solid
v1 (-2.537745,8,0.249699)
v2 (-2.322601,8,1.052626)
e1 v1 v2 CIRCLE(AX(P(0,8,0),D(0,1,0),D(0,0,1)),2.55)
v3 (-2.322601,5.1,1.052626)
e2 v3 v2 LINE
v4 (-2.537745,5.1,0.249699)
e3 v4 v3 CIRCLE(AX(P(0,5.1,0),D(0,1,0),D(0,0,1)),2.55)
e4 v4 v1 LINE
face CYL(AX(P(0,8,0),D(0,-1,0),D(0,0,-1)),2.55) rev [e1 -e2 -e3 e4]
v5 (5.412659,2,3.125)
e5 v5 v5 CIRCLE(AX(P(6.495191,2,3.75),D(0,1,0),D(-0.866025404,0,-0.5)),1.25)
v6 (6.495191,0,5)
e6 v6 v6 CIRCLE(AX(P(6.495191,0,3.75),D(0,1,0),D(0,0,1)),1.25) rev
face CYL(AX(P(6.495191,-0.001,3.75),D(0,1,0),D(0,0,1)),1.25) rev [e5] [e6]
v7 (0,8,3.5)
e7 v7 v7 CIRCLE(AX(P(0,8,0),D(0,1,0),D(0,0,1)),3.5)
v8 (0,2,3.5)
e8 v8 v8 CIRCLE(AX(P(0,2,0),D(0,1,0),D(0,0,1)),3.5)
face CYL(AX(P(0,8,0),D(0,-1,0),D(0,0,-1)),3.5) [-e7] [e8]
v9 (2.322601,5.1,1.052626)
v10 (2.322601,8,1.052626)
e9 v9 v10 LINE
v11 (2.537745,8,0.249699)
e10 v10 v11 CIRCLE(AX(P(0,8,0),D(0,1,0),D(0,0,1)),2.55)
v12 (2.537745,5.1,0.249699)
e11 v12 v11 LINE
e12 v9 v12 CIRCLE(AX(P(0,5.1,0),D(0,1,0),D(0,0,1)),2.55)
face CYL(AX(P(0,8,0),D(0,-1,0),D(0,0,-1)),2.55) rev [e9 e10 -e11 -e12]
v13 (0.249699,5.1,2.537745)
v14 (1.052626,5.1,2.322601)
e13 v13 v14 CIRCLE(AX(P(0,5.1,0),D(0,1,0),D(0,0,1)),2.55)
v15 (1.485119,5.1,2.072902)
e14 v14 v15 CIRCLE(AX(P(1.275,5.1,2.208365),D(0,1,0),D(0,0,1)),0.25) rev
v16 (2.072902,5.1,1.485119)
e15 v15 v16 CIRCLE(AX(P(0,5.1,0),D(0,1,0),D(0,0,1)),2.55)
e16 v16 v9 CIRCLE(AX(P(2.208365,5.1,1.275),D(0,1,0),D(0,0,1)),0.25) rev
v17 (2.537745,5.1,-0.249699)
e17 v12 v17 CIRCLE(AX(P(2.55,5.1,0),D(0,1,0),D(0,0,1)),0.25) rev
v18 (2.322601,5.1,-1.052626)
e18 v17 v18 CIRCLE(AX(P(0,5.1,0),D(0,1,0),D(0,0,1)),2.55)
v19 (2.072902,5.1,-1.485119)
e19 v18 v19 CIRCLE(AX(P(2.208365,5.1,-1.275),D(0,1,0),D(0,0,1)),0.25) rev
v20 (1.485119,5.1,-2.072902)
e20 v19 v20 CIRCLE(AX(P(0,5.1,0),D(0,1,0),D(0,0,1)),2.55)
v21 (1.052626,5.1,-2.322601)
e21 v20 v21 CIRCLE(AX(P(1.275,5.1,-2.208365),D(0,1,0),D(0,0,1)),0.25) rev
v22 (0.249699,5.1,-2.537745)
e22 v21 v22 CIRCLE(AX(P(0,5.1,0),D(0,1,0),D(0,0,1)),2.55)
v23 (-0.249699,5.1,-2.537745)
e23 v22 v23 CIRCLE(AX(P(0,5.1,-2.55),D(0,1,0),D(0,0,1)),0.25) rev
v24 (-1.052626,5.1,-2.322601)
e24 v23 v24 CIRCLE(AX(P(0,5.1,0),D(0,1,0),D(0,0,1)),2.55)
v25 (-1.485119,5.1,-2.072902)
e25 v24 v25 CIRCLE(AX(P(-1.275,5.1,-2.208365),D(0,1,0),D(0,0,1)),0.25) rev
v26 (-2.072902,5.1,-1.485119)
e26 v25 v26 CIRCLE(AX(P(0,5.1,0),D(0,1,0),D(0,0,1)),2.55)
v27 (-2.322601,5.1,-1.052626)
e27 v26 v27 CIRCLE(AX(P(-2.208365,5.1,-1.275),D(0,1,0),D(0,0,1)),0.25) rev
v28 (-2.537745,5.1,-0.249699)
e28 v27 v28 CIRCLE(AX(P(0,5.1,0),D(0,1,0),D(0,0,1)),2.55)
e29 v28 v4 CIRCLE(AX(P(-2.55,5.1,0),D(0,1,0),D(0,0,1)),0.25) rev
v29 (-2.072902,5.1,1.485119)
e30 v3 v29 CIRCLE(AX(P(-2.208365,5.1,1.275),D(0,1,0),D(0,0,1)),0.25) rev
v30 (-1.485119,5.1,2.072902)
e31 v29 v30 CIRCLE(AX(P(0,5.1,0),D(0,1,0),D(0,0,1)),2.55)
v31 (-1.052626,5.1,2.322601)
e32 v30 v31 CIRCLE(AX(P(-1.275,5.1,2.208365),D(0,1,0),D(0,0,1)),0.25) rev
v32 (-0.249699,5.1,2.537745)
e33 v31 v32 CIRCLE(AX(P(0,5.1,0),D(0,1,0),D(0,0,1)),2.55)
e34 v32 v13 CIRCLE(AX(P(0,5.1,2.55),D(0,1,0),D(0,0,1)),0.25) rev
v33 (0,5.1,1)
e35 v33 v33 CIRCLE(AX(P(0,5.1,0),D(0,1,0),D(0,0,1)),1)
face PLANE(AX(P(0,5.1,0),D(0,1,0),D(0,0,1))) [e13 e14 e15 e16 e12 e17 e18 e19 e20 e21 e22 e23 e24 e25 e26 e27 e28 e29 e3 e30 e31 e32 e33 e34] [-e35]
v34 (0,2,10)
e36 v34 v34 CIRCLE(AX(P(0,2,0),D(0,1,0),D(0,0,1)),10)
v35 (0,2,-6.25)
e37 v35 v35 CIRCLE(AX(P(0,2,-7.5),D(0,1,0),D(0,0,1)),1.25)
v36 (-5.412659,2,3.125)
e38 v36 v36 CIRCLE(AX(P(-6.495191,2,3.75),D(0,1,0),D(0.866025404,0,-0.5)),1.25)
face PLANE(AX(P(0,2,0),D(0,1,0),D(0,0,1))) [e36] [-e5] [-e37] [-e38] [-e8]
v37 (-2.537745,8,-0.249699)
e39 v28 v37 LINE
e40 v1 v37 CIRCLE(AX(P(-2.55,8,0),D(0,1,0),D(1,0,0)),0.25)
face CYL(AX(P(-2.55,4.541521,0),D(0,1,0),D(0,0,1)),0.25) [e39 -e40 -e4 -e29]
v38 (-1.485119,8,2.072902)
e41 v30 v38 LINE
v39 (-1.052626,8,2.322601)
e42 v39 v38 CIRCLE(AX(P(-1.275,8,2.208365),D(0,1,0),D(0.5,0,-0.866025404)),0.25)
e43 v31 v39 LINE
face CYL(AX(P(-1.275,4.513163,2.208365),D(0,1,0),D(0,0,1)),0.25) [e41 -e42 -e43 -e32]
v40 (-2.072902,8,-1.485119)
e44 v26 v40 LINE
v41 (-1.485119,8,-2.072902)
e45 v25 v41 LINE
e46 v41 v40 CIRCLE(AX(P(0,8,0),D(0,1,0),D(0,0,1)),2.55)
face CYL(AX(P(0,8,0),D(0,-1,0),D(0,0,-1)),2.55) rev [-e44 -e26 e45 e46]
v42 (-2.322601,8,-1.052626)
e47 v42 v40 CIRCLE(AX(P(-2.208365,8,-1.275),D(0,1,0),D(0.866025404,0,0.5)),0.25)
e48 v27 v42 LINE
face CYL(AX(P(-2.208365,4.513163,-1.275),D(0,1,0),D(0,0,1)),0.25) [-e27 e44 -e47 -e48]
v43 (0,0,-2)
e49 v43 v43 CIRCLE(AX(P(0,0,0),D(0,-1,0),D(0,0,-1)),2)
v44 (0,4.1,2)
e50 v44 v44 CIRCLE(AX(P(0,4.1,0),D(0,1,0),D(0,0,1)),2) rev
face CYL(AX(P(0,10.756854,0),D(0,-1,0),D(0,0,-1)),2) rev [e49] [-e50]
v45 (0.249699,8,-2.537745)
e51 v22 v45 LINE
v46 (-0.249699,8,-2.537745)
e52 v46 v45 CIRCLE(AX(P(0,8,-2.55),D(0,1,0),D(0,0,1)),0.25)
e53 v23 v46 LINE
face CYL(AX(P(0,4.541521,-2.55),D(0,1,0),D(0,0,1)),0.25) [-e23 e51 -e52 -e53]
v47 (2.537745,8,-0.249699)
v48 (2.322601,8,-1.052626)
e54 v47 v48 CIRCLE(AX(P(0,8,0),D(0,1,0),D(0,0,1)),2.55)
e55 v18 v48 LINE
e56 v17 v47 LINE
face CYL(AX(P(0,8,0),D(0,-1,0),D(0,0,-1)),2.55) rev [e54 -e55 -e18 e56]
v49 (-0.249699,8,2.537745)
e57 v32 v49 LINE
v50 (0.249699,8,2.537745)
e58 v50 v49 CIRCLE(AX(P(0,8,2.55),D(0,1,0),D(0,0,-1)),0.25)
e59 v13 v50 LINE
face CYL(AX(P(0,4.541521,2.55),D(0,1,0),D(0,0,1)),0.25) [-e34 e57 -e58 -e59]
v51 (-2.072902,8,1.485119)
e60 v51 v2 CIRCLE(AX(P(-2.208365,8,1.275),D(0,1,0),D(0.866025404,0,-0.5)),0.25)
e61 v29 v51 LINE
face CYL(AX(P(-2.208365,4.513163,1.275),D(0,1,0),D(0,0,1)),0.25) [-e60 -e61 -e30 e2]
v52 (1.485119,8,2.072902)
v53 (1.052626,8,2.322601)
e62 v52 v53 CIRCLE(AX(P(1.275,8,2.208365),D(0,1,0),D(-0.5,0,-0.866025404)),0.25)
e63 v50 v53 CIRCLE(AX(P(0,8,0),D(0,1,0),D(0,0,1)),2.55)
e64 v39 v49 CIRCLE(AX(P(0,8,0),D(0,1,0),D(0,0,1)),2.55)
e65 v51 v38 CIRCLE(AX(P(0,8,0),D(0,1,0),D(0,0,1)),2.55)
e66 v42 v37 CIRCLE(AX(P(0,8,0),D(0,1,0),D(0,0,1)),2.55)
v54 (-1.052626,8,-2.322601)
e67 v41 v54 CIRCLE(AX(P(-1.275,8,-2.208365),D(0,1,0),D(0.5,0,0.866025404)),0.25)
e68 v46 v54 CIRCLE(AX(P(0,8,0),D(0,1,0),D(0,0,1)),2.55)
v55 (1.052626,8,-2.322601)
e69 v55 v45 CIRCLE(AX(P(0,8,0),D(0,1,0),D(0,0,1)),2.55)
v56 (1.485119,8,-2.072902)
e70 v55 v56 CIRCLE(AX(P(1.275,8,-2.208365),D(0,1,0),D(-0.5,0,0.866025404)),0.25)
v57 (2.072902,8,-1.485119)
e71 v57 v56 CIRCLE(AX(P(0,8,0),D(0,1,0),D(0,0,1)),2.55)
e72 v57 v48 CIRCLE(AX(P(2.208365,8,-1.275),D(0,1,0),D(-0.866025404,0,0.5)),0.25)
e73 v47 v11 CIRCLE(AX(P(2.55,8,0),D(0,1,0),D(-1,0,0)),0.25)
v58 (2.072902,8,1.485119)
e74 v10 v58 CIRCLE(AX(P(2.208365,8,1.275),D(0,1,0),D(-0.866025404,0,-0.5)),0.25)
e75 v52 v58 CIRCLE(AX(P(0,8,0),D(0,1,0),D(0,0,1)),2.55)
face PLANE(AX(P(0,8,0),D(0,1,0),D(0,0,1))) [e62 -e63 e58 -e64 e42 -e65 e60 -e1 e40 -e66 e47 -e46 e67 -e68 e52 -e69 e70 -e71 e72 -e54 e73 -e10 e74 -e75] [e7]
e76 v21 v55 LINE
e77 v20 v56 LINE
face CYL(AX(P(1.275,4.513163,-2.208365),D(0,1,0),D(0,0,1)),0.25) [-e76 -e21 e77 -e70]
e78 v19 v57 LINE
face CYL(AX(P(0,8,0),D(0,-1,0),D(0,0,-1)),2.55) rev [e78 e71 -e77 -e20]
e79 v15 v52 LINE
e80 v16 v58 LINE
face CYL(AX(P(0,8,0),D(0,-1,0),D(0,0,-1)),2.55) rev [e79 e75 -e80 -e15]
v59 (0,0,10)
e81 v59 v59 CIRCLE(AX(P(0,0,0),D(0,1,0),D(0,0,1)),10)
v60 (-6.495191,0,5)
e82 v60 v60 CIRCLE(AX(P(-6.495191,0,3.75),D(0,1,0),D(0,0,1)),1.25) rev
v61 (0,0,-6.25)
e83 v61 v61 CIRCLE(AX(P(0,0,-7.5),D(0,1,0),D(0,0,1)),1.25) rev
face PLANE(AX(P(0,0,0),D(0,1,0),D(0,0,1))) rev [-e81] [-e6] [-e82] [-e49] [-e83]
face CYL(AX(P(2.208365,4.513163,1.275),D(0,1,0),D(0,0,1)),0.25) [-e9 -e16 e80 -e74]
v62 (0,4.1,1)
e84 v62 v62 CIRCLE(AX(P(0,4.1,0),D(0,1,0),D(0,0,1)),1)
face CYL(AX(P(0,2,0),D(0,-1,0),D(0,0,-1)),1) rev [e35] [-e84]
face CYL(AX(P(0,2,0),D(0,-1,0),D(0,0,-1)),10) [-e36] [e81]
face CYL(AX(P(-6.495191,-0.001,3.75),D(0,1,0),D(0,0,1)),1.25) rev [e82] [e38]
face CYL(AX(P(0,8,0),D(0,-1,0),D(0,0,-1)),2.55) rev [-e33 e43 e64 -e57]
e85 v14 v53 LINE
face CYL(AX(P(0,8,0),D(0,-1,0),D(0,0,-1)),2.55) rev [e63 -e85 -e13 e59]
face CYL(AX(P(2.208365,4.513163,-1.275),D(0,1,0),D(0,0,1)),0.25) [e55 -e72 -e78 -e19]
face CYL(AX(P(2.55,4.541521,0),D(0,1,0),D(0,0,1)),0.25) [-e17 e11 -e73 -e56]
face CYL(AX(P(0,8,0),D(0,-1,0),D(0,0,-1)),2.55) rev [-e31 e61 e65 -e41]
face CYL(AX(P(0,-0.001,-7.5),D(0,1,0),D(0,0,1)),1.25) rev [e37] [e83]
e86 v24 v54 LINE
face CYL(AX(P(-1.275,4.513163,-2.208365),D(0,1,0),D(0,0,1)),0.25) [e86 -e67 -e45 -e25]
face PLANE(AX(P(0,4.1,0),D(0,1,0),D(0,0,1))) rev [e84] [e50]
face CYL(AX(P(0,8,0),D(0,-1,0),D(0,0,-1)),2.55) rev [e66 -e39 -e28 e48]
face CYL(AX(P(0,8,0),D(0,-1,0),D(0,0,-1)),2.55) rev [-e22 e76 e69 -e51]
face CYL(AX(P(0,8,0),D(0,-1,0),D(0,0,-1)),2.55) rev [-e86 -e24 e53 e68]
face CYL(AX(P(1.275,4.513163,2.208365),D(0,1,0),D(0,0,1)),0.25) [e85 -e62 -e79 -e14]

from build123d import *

# Parameters (mm, degrees)
SKETCH1_R           = 10
SKETCH1_R_2         = 1
BOSS_EXTRUDE1_DEPTH = 2
SKETCH2_R           = 3.5
SKETCH2_R_2         = 2.55
BOSS_EXTRUDE2_DEPTH = 6
CUT_EXTRUDE1_REACH  = 17.362
SKETCH3_R           = 1.25
CIRPATTERN1_COUNT   = 3
SKETCH4_R           = 2.55
SKETCH4_R_2         = 1
BOSS_EXTRUDE3_DEPTH = 3.1
SKETCH5_R           = 2
CUT_EXTRUDE2_DEPTH  = 4.1
BOSS_EXTRUDE4_START = -2.9
BOSS_EXTRUDE4_DEPTH = 2.9
CIRPATTERN2_COUNT   = 12


with BuildPart() as part:
    # Sketch1 → Boss-Extrude1 (new body)
    with BuildSketch(Plane(origin=(0, 0, 0), x_dir=(1, 0, 0), z_dir=(0, 1, 0))):
        with Locations(Location((0, 0, 0), (0, 0, 270))):
            Circle(SKETCH1_R)
        with Locations(Location((0, 0, 0), (0, 0, 270))):
            Circle(SKETCH1_R_2, mode=Mode.SUBTRACT)
    extrude(amount=BOSS_EXTRUDE1_DEPTH)

    # Sketch2 → Boss-Extrude2 (add)
    with BuildSketch(Plane(origin=(0, 2, 0), x_dir=(1, 0, 0), z_dir=(0, 1, 0))):
        with Locations(Location((0, 0, 0), (0, 0, 270))):
            Circle(SKETCH2_R)
        with Locations(Location((0, 0, 0), (0, 0, 270))):
            Circle(SKETCH2_R_2, mode=Mode.SUBTRACT)
    extrude(amount=BOSS_EXTRUDE2_DEPTH)

    # Sketch3 → Cut-Extrude1 (cut, up to next)
    with BuildSketch(Plane(origin=(0, 2, 0), x_dir=(1, 0, 0), z_dir=(0, 1, 0)), mode=Mode.PRIVATE) as cut_extrude1_sk1:
        with Locations(Location((0, 7.5, 0), (0, 0, 270))):
            Circle(SKETCH3_R)
    cut_extrude1_tool1 = extrude(cut_extrude1_sk1.sketch, amount=-CUT_EXTRUDE1_REACH, mode=Mode.PRIVATE) & part.part
    cut_extrude1 = cut_extrude1_tool1.solids().sort_by_distance((0, 2, -7.5))[0]
    add(cut_extrude1, mode=Mode.SUBTRACT)

    # CirPattern1: Cut-Extrude1 ×3 about axis
    cirpattern1_axis = Axis((0, 0, 0), (0, 1, 0))
    for i in range(1, CIRPATTERN1_COUNT):
        add(cut_extrude1.rotate(cirpattern1_axis, i * 360 / CIRPATTERN1_COUNT), mode=Mode.SUBTRACT)

    # Sketch4 → Boss-Extrude3 (add)
    with BuildSketch(Plane(origin=(0, 2, 0), x_dir=(1, 0, 0), z_dir=(0, 1, 0))):
        with Locations(Location((0, 0, 0), (0, 0, 270))):
            Circle(SKETCH4_R)
        with Locations(Location((0, 0, 0), (0, 0, 270))):
            Circle(SKETCH4_R_2, mode=Mode.SUBTRACT)
    extrude(amount=BOSS_EXTRUDE3_DEPTH)

    # Sketch5 → Cut-Extrude2 (cut)
    with BuildSketch(Plane.XZ):
        with Locations(Location((0, 0, 0), (0, 0, 270))):
            Circle(SKETCH5_R)
    extrude(amount=-CUT_EXTRUDE2_DEPTH, mode=Mode.SUBTRACT)

    # Sketch6 → Boss-Extrude4 (add)
    with BuildSketch(Plane(origin=(0, 8, 0), x_dir=(1, 0, 0), z_dir=(0, 1, 0)).offset(BOSS_EXTRUDE4_START)):
        with BuildLine():
            ThreePointArc((-0.249699454, 2.537745098), (0, 2.3), (0.249699454, 2.537745098))
            ThreePointArc((0.249699454, 2.537745098), (0, 2.55), (-0.249699454, 2.537745098))
        make_face()
    boss_extrude4 = extrude(amount=BOSS_EXTRUDE4_DEPTH)

    # CirPattern2: Boss-Extrude4 ×12 about axis
    cirpattern2_axis = Axis((0, 0, 0), (0, 1, 0))
    for i in range(1, CIRPATTERN2_COUNT):
        add(boss_extrude4.rotate(cirpattern2_axis, i * 360 / CIRPATTERN2_COUNT))


solid = part.part
